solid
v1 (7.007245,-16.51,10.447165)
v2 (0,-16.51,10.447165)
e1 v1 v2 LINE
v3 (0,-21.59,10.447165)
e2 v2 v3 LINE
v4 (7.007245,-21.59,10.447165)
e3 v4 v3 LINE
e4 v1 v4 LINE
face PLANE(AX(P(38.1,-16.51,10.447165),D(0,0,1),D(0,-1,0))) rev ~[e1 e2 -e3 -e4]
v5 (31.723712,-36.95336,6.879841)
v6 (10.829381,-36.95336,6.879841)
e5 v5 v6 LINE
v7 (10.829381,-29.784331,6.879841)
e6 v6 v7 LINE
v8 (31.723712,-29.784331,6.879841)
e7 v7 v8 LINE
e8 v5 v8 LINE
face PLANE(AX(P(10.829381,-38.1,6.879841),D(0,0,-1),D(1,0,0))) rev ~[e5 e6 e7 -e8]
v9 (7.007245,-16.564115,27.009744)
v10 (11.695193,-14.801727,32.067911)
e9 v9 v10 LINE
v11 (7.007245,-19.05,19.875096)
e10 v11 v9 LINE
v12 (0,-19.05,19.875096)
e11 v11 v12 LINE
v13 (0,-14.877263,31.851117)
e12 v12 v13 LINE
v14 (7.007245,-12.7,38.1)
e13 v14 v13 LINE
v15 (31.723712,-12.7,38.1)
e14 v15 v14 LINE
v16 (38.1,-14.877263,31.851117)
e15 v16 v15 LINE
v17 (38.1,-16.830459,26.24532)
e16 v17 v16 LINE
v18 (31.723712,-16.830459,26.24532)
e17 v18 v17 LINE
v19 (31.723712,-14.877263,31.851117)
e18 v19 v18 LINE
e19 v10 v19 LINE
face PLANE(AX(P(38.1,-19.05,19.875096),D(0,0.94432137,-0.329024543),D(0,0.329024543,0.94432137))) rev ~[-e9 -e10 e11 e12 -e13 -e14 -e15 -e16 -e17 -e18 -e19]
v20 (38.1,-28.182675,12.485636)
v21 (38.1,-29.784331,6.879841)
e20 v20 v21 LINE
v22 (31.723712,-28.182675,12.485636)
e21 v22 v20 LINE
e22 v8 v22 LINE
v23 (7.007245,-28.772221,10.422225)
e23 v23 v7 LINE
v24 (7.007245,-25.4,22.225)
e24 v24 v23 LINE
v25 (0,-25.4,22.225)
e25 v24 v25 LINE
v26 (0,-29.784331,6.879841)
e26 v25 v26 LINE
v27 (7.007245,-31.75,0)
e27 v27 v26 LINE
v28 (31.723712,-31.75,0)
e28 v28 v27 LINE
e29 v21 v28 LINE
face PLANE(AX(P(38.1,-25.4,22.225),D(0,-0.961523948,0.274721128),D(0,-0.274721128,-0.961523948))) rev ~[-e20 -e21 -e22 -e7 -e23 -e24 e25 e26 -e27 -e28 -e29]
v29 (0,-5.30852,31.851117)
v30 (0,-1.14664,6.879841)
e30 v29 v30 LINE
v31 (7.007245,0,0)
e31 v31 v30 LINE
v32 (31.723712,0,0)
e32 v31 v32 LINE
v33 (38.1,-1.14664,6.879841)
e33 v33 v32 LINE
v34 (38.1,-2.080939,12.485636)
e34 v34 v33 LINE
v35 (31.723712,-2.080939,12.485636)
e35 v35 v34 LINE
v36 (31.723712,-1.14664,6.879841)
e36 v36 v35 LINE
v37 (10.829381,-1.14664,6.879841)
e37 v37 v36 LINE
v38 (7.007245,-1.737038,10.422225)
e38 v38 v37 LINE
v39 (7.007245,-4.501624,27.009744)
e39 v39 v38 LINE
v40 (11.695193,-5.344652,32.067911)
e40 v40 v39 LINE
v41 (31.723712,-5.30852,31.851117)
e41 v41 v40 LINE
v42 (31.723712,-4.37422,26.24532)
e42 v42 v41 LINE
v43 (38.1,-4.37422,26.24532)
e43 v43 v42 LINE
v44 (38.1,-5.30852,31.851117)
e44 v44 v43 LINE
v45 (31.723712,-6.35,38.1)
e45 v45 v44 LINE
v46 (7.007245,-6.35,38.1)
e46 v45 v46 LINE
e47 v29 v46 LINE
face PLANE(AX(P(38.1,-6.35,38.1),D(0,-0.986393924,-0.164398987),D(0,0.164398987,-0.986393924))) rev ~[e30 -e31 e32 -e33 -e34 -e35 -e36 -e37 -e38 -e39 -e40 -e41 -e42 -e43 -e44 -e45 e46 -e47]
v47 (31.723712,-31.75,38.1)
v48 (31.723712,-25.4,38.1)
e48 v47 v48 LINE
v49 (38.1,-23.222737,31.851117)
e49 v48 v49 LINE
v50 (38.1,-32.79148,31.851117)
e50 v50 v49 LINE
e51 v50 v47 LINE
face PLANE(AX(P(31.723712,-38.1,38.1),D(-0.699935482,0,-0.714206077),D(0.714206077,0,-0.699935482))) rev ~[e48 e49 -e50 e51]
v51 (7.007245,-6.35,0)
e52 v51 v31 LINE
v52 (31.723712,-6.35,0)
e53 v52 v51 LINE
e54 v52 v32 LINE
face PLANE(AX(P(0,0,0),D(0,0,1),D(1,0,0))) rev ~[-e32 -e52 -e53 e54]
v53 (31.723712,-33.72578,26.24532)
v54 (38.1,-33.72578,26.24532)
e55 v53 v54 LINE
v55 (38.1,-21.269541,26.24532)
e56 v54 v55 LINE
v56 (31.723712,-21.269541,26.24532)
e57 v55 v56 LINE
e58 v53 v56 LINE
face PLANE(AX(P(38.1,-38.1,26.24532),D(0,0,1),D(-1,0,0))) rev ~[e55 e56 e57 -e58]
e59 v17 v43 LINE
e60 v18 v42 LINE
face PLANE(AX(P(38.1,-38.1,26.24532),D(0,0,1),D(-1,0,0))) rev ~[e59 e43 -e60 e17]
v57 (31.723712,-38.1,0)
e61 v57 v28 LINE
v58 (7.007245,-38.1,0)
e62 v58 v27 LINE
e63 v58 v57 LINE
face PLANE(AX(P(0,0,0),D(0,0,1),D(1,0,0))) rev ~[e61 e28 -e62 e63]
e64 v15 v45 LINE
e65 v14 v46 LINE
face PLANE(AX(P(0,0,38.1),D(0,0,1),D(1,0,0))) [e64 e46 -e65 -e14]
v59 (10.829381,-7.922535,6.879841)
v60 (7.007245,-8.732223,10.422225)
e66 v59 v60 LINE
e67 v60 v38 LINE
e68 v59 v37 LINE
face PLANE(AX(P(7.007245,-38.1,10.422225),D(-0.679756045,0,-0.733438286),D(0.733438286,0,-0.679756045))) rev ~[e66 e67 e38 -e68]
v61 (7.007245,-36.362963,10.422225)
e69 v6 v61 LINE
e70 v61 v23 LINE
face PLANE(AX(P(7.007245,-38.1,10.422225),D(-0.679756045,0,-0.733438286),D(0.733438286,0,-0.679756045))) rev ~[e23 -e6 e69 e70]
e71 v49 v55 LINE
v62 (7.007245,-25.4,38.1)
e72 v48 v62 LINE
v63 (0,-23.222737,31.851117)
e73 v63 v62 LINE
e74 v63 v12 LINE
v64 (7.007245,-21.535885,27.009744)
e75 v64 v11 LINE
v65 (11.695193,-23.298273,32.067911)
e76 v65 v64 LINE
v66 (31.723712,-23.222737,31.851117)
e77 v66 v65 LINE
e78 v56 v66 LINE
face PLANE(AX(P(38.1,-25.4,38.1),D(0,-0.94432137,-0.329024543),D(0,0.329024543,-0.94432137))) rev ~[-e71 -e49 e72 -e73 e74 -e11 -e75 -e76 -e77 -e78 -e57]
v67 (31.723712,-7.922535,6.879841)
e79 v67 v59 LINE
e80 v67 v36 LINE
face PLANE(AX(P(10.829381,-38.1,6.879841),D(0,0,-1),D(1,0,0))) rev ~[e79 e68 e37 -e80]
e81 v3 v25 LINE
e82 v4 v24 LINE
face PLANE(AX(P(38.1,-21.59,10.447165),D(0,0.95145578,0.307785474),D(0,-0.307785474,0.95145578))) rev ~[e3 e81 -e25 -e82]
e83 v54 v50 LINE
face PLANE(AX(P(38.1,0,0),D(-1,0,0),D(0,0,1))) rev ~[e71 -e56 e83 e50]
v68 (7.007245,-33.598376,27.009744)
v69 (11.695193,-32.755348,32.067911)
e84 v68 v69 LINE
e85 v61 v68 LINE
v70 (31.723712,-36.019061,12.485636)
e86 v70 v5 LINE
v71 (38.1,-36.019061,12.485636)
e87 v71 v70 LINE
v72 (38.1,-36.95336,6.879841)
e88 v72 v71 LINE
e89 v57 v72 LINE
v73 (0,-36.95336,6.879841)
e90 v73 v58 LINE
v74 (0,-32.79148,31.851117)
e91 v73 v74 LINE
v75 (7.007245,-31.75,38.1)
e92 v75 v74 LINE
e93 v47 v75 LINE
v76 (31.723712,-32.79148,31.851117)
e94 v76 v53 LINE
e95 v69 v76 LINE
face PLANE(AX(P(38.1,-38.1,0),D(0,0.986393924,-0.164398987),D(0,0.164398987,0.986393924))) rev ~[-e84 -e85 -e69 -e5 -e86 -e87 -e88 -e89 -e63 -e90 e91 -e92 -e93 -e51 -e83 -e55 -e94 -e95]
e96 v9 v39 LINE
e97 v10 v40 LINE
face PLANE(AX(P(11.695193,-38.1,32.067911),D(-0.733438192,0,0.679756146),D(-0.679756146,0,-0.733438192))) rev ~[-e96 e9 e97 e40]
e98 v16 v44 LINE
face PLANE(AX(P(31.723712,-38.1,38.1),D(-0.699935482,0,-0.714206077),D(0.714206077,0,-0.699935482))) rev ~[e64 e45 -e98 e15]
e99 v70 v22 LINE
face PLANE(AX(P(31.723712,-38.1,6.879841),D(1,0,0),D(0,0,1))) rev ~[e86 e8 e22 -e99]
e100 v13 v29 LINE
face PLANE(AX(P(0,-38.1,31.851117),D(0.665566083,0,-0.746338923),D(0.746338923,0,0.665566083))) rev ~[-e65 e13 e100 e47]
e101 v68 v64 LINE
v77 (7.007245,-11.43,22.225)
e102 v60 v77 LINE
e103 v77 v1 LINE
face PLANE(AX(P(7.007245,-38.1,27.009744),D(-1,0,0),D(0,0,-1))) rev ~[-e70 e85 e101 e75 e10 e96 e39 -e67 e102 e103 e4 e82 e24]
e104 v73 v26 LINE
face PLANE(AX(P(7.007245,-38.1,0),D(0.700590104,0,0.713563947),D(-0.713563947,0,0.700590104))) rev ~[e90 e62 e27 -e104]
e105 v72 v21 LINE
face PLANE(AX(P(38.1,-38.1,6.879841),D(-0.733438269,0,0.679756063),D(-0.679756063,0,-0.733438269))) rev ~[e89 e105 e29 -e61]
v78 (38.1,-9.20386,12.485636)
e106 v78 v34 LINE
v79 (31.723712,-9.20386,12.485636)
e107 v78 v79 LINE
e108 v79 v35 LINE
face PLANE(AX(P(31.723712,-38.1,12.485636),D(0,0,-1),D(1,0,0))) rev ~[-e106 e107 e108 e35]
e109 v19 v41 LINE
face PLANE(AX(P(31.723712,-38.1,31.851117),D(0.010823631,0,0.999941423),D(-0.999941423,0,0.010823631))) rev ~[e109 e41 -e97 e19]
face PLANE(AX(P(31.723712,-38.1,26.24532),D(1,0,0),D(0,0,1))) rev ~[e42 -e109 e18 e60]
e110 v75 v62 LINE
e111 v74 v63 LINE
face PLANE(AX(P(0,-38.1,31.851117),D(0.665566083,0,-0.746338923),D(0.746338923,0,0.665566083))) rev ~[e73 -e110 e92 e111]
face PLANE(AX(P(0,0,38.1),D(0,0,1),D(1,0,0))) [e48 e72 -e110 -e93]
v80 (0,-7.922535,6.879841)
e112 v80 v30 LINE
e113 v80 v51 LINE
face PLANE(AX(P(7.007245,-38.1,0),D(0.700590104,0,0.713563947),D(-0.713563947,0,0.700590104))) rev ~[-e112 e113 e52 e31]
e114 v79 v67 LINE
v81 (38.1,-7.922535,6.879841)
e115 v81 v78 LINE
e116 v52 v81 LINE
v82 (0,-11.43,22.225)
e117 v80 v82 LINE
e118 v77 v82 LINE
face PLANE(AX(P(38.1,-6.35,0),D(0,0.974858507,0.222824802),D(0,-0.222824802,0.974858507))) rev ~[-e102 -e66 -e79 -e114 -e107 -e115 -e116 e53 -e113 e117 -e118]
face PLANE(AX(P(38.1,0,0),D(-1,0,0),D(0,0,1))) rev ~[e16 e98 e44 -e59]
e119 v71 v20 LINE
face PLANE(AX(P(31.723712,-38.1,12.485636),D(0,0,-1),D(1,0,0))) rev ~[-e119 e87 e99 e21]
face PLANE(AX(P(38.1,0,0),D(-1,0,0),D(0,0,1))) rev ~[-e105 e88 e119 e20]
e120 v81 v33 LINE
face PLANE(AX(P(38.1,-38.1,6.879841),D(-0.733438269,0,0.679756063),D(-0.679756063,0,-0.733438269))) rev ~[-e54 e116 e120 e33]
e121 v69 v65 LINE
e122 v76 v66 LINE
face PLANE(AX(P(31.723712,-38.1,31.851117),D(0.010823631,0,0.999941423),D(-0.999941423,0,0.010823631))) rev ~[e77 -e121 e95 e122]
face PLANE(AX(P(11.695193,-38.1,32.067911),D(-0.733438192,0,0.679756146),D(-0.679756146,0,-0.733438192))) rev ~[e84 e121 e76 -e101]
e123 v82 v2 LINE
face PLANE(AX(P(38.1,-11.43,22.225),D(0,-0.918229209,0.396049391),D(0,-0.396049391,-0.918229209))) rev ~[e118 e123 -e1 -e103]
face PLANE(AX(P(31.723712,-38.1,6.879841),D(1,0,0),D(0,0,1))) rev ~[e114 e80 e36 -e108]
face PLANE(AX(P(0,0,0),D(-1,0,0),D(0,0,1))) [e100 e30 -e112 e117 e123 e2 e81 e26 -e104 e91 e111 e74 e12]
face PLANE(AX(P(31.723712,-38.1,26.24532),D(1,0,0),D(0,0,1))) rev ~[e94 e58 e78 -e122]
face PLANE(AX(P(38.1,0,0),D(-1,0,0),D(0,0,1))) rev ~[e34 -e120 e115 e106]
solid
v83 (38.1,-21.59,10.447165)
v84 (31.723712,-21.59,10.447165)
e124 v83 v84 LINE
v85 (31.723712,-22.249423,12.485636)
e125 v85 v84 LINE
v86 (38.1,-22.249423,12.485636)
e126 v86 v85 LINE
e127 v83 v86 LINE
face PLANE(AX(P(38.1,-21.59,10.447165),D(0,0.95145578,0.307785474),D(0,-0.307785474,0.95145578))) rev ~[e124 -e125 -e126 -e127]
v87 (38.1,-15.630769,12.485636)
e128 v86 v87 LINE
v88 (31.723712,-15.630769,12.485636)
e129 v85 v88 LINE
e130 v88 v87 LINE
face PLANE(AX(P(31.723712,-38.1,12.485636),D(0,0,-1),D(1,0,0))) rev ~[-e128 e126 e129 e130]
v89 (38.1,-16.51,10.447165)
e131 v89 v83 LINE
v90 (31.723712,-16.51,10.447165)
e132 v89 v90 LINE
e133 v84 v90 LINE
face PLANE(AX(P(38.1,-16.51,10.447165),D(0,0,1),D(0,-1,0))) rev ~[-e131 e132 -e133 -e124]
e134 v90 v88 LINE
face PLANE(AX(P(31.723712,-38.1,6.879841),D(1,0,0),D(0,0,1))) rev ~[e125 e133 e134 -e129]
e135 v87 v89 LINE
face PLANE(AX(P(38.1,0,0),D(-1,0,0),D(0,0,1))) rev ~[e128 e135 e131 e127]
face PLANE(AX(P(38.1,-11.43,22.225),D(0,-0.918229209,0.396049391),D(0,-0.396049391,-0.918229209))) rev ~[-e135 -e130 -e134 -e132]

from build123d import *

# Parameters (mm, degrees)
F0_W     = 38.1
F0_H     = 38.1
F1_DEPTH = 38.1
F5_DEPTH = 38.1
F7_DEPTH = 38.1


with BuildPart() as f1:
    # F0 (on Front) → F1 (new body)
    with BuildSketch(Plane.XZ):
        with Locations((19.05, 19.05)):
            Rectangle(F0_W, F0_H)
    extrude(amount=F1_DEPTH)

    # F4 (on offset) → F5 (cut)
    with BuildSketch(Plane.YZ.offset(38.1)):
        Polygon((-38.1, 38.1), (-38.1, 0), (-31.75, 38.1), align=None)
        Polygon((-19.05, 19.875096), (-12.7, 38.1), (-25.4, 38.1), align=None)
        Polygon((-6.35, 38.1), (0, 0), (0, 38.1), align=None)
        Polygon((-31.75, 0), (-6.35, 0), (-11.43, 22.225), (-16.51, 10.447165), (-21.59, 10.447165), (-25.4, 22.225), align=None)
    extrude(amount=-F5_DEPTH, mode=Mode.SUBTRACT)

    # F6 (on offset) → F7 (cut)
    with BuildSketch(Plane.XZ.offset(38.1)):
        Polygon((0, 38.1), (0, 31.851117), (7.007245, 38.1), align=None)
        Polygon((0, 6.879841), (0, 0), (7.007245, 0), align=None)
        Polygon((38.1, 38.1), (31.723712, 38.1), (38.1, 31.851117), align=None)
        Polygon((38.1, 6.879841), (31.723712, 0), (38.1, 0), align=None)
        Polygon((31.723712, 12.485636), (38.1, 12.485636), (38.1, 26.24532), (31.723712, 26.24532), (31.723712, 31.851117), (11.695193, 32.067911), (7.007245, 27.009744), (7.007245, 10.422225), (10.829381, 6.879841), (31.723712, 6.879841), align=None)
    extrude(amount=-F7_DEPTH, mode=Mode.SUBTRACT)


solid = f1.part
